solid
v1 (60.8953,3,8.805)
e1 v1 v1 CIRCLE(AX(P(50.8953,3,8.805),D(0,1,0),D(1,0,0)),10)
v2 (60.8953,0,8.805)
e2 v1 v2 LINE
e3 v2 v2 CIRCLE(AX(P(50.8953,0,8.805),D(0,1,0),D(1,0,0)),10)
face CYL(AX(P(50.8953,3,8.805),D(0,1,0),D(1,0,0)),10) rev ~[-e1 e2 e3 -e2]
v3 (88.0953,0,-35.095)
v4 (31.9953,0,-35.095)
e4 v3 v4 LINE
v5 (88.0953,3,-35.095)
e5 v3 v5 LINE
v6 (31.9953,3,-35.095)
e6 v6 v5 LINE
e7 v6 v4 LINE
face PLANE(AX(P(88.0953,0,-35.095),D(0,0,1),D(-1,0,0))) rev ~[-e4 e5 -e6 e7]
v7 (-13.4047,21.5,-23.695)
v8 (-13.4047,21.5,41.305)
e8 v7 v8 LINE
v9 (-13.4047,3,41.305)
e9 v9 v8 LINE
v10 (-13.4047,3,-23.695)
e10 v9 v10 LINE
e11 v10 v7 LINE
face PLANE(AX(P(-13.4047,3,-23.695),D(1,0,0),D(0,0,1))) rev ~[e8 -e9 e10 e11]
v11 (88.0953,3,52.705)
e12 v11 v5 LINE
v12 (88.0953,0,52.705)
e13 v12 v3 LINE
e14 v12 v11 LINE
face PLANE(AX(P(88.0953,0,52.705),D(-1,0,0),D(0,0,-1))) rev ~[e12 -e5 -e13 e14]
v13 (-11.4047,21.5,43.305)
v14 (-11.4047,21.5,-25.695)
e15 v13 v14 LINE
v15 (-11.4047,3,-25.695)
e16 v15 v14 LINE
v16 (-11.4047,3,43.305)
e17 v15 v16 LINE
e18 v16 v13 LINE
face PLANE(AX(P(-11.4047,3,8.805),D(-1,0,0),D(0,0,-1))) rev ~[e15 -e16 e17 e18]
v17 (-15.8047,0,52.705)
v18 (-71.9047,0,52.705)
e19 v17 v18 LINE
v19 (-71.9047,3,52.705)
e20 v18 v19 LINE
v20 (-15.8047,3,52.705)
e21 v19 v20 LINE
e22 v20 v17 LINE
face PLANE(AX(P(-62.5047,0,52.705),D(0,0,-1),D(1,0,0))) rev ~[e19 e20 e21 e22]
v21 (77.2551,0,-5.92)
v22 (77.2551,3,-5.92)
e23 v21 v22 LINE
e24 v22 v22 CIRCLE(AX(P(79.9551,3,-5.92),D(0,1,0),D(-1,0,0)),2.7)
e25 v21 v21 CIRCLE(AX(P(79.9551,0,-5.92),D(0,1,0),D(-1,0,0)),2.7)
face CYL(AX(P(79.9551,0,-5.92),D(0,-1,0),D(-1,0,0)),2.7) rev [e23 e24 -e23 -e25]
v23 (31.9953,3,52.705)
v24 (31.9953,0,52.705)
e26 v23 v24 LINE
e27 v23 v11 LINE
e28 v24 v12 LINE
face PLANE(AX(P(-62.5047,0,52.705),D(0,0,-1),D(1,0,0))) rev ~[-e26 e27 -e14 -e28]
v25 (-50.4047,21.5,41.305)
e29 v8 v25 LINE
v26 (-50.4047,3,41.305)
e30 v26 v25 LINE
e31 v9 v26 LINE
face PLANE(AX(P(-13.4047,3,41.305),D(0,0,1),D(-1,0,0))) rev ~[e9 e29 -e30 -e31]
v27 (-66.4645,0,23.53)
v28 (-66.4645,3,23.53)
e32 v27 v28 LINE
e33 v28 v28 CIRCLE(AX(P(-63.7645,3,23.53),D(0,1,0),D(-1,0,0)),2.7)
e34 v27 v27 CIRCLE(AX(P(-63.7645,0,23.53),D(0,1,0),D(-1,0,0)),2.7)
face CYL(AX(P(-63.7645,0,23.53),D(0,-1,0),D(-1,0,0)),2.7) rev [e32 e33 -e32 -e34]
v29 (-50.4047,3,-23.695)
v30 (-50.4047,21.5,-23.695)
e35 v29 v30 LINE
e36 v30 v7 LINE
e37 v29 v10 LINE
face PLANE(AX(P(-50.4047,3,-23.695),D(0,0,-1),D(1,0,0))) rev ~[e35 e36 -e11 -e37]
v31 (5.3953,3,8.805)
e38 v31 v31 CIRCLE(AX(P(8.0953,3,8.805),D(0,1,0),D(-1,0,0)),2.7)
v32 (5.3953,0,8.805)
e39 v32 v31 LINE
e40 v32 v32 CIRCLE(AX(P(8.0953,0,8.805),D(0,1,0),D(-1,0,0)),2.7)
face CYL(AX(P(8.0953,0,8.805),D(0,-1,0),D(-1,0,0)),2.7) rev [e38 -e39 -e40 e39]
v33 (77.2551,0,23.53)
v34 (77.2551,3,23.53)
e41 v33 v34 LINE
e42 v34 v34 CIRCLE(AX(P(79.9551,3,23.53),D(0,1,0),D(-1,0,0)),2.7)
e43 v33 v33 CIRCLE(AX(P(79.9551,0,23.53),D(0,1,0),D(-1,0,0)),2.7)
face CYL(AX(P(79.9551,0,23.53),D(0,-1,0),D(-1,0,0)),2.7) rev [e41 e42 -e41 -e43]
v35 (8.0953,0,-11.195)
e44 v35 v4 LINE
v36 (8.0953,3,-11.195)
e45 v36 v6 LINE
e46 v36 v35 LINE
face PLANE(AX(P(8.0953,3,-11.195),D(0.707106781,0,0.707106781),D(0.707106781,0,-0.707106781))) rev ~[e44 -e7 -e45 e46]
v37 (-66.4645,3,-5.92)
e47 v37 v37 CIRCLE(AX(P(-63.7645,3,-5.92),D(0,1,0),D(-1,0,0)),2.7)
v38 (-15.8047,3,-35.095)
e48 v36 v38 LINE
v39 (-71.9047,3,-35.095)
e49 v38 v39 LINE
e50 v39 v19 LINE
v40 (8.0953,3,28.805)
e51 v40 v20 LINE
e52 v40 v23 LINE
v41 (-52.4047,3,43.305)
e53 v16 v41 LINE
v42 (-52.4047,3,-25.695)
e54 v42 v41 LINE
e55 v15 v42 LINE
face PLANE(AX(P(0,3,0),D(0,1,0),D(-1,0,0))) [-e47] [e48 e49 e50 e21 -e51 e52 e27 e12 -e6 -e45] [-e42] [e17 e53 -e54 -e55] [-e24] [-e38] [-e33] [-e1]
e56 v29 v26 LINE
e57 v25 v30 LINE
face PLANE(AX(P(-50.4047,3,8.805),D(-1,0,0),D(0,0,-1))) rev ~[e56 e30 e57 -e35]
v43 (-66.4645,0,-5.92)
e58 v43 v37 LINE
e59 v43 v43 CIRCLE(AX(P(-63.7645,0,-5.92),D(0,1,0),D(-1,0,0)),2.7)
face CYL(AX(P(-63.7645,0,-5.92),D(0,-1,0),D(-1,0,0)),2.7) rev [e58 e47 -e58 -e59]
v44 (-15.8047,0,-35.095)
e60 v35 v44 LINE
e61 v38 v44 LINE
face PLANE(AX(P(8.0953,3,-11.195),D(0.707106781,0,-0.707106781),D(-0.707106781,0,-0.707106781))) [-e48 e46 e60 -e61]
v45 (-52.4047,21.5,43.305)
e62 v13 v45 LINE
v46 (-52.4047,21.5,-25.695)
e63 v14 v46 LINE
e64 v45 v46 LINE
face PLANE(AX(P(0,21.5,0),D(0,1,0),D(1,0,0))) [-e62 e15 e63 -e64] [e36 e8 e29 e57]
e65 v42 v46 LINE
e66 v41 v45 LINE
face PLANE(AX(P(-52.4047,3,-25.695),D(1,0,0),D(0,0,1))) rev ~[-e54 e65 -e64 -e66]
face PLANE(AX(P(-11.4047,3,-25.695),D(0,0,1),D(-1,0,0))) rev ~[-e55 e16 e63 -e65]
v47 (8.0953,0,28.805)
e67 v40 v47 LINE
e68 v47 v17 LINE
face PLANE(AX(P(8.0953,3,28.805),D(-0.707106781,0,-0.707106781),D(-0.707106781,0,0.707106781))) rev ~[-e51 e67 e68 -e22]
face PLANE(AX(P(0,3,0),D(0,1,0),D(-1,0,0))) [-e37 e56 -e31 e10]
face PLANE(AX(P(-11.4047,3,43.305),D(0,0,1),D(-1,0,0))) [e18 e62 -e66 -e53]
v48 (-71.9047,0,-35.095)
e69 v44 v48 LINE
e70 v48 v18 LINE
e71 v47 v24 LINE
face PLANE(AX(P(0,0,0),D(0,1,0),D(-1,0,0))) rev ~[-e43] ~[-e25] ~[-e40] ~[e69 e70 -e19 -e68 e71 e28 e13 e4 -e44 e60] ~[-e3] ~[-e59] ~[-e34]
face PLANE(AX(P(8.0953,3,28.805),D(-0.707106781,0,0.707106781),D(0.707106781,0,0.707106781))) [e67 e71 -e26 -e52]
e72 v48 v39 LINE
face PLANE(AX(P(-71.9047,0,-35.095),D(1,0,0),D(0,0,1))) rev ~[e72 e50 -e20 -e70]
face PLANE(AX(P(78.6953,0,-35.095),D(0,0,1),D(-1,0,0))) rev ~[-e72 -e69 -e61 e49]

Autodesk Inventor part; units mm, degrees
ref_plane "YZ Plane" through (0, 0, 0) normal (1, 0, 0) x (0, 1, 0)
ref_plane "XZ Plane" through (0, 0, 0) normal (0, 1, 0) x (-1, 0, 0)
ref_plane "XY Plane" through (0, 0, 0) normal (0, 0, 1) x (1, 0, 0)
sketch "Sketch1" plane through (0, 0, 0) normal (0, 1, 0) x (-1, 0, 0)
  line L0 (-88.0953, -35.095) -> (-78.6953, -35.095)
  line L1 (62.5047, 52.705) -> (71.9047, 52.705)
  line L2 (-88.0953, -35.095) -> (71.9047, -35.095)
  line L3 (71.9047, -35.095) -> (71.9047, 52.705)
  line L4 (71.9047, 52.705) -> (-88.0953, 52.705)
  line L5 (-88.0953, 52.705) -> (-88.0953, -35.095)
  circle A0 centre (-79.9551, -5.92) radius 2.7
  circle A1 centre (-79.9551, -5.92) radius 2.7
  circle A2 centre (-79.9551, 23.53) radius 2.7
  circle A3 centre (-79.9551, 23.53) radius 2.7
  circle A4 centre (-8.0953, 8.805) radius 2.7
  circle A5 centre (-8.0953, 8.805) radius 2.7
  circle A6 centre (63.7645, -5.92) radius 2.7
  circle A7 centre (63.7645, -5.92) radius 2.7
  circle A8 centre (63.7645, 23.53) radius 2.7
  circle A9 centre (63.7645, 23.53) radius 2.7
  line L6 (-88.0953, -35.095) -> (71.9047, -35.095)
  line L7 (71.9047, -35.095) -> (71.9047, 52.705)
  line L8 (71.9047, 52.705) -> (-88.0953, 52.705)
  line L9 (-88.0953, 52.705) -> (-88.0953, -35.095)
  point P0 (0, 0)
  point P1 (-83.0953, -33.095)
extrude "Extrusion1" add sketch "Sketch1" along normal blind 3
sketch "Sketch2" plane through (0, 3, 0) normal (0, 1, 0) x (1, 0, 0)
  circle A0 centre (8.0953, -8.805) radius 2.7 projected
  line L0 (8.0953, -8.805) -> (8.0953, -52.705)
  line L1 (-71.9047, -52.705) -> (88.0953, -52.705) projected
  line L2 (8.0953, -8.805) -> (8.0953, 35.095)
  line L3 (88.0953, 35.095) -> (-71.9047, 35.095) projected
  line L4 (8.0953, -8.805) -> (-35.8047, -52.705)
  line L5 (8.0953, -8.805) -> (70.1793, -8.805) construction
  line L6 (8.0953, -8.805) -> (51.9953, -52.705)
  line L7 (8.0953, -8.805) -> (70.1793, -8.805) construction
  line L8 (8.0953, -8.805) -> (-18.3888, -8.805)
  line L9 (8.0953, -8.805) -> (-35.8047, 35.095)
  line L10 (8.0953, -8.805) -> (51.9953, 35.095)
  line L11 (-35.8047, -52.705) -> (51.9953, -52.705)
  line L12 (51.9953, -52.705) -> (51.9953, 35.095)
  line L13 (51.9953, 35.095) -> (-35.8047, 35.095)
  line L14 (-35.8047, 35.095) -> (-35.8047, -52.705)
  line L15 (8.0953, -8.805) -> (8.0953, -28.805)
  line L16 (8.0953, -28.805) -> (8.0953, 11.195)
  line L17 (8.0953, 11.195) -> (-15.8047, 35.095)
  line L18 (8.0953, -28.805) -> (-15.8047, -52.705)
  line L19 (8.0953, -28.805) -> (31.9953, -52.705)
  line L20 (8.0953, 11.195) -> (31.9953, 35.095)
  point P0 (0, 0)
  dimension "d2" = 135
  dimension "d3" = 45
  dimension "d4" = 20
  dimension "d5" = 40
extrude "Extrusion2" cut sketch "Sketch2" against normal blind 3 contours L17 L3 L2 | L2 L3 L20 | L19 L1 L0 | L0 L1 L18
sketch "Sketch3" plane through (0, 3, 0) normal (0, 1, 0) x (1, 0, 0)
  line L0 (-71.9047, 35.095) -> (-71.9047, -52.705) projected
  line L1 (-71.9047, -8.805) -> (-34.7047, -8.805)
  circle A0 centre (-34.7047, -8.805) radius 10
  point P0 (0, 0)
  dimension "d8" = 37.2
  dimension "d9" = 20
extrude "Extrusion3" cut sketch "Sketch3" against normal blind 3
sketch "Sketch4" plane through (0, 3, 0) normal (0, 1, 0) x (1, 0, 0)
  point P0 (0, 0)
sketch "Sketch5" plane through (0, 3, 0) normal (0, 1, 0) x (1, 0, 0)
  line L0 (-71.9047, 35.095) -> (-71.9047, -52.705) projected
  line L1 (88.0953, -52.705) -> (88.0953, 35.095) projected
  line L2 (-71.9047, -52.705) -> (88.0953, -52.705)
  line L3 (8.0953, -52.705) -> (8.0953, 35.095)
  circle A0 centre (-34.7047, -8.805) radius 10 projected
  circle A1 centre (-34.7047, -8.805) radius 10
  circle A2 centre (50.8953, -8.805) radius 10
  point P0 (0, 0)
extrude "Extrusion4" cut sketch "Sketch5" against normal blind 3 contours A2
sketch "Sketch6" plane through (0, 3, 0) normal (0, 1, 0) x (1, 0, 0)
  line L0 (-48.5025, 4.8798) -> (-18.5618, 4.8798)
  line L1 (-18.5618, 4.8798) -> (-18.5618, -20.2546)
  line L2 (-18.5618, -20.2546) -> (-48.5025, -20.2546)
  line L3 (-48.5025, -20.2546) -> (-48.5025, 4.8798)
  point P0 (0, 0)
extrude "Extrusion5" add sketch "Sketch6" against normal up to surface (3 mm away)
sketch "Sketch7" plane through (0, 3, 0) normal (0, 1, 0) x (1, 0, 0)
  line L0 (-15.8047, 35.095) -> (-71.9047, 35.095) projected
  line L1 (-71.9047, 35.095) -> (8.0953, 35.095)
  line L2 (8.0953, 35.095) -> (8.0953, -52.705)
  line L3 (8.0953, -52.705) -> (-71.9047, -52.705)
  line L4 (-71.9047, -52.705) -> (-71.9047, 35.095)
  line L5 (-71.9047, -8.805) -> (8.0953, -8.805)
  line L6 (-31.9047, -8.805) -> (-52.4047, -8.805)
  line L7 (-52.4047, -8.805) -> (-11.4047, -8.805)
  line L8 (-52.4047, -8.805) -> (-11.4047, -8.805)
  line L9 (-11.4047, -8.805) -> (-11.4047, 25.695)
  line L10 (-11.4047, 25.695) -> (-52.4047, 25.695)
  line L11 (-52.4047, 25.695) -> (-52.4047, -8.805)
  line L12 (-52.4047, 25.695) -> (-11.4047, 25.695)
  line L13 (-11.4047, 25.695) -> (-11.4047, -43.305)
  line L14 (-11.4047, -43.305) -> (-52.4047, -43.305)
  line L15 (-52.4047, -43.305) -> (-52.4047, 25.695)
  line L16 (-31.9047, -8.805) -> (-31.9047, -5.9886)
  line L17 (-31.9047, -5.9886) -> (-50.3547, -5.9886)
  line L18 (-50.3547, -5.9886) -> (-13.4547, -5.9886)
  line L19 (-50.4047, 23.695) -> (-13.4047, 23.695)
  line L20 (-13.4047, 23.695) -> (-13.4047, -41.305)
  line L21 (-13.4047, -41.305) -> (-50.4047, -41.305)
  line L22 (-50.4047, -41.305) -> (-50.4047, 23.695)
  point P0 (0, 0)
  dimension "d16" = 20.5
  dimension "d17" = 41
  dimension "d18" = 34.5
  dimension "d19" = 69
  dimension "d20" = 18.45
  dimension "d21" = 36.9
  dimension "d22" = 2
extrude "Extrusion6" add sketch "Sketch7" along normal blind 18.5 contours L11 L10 L9 L5 L20 L19 L22 | L5 L22 L21 L20 L13 L14 L15
properties part number "SCHOOL PROJECT TOP"
